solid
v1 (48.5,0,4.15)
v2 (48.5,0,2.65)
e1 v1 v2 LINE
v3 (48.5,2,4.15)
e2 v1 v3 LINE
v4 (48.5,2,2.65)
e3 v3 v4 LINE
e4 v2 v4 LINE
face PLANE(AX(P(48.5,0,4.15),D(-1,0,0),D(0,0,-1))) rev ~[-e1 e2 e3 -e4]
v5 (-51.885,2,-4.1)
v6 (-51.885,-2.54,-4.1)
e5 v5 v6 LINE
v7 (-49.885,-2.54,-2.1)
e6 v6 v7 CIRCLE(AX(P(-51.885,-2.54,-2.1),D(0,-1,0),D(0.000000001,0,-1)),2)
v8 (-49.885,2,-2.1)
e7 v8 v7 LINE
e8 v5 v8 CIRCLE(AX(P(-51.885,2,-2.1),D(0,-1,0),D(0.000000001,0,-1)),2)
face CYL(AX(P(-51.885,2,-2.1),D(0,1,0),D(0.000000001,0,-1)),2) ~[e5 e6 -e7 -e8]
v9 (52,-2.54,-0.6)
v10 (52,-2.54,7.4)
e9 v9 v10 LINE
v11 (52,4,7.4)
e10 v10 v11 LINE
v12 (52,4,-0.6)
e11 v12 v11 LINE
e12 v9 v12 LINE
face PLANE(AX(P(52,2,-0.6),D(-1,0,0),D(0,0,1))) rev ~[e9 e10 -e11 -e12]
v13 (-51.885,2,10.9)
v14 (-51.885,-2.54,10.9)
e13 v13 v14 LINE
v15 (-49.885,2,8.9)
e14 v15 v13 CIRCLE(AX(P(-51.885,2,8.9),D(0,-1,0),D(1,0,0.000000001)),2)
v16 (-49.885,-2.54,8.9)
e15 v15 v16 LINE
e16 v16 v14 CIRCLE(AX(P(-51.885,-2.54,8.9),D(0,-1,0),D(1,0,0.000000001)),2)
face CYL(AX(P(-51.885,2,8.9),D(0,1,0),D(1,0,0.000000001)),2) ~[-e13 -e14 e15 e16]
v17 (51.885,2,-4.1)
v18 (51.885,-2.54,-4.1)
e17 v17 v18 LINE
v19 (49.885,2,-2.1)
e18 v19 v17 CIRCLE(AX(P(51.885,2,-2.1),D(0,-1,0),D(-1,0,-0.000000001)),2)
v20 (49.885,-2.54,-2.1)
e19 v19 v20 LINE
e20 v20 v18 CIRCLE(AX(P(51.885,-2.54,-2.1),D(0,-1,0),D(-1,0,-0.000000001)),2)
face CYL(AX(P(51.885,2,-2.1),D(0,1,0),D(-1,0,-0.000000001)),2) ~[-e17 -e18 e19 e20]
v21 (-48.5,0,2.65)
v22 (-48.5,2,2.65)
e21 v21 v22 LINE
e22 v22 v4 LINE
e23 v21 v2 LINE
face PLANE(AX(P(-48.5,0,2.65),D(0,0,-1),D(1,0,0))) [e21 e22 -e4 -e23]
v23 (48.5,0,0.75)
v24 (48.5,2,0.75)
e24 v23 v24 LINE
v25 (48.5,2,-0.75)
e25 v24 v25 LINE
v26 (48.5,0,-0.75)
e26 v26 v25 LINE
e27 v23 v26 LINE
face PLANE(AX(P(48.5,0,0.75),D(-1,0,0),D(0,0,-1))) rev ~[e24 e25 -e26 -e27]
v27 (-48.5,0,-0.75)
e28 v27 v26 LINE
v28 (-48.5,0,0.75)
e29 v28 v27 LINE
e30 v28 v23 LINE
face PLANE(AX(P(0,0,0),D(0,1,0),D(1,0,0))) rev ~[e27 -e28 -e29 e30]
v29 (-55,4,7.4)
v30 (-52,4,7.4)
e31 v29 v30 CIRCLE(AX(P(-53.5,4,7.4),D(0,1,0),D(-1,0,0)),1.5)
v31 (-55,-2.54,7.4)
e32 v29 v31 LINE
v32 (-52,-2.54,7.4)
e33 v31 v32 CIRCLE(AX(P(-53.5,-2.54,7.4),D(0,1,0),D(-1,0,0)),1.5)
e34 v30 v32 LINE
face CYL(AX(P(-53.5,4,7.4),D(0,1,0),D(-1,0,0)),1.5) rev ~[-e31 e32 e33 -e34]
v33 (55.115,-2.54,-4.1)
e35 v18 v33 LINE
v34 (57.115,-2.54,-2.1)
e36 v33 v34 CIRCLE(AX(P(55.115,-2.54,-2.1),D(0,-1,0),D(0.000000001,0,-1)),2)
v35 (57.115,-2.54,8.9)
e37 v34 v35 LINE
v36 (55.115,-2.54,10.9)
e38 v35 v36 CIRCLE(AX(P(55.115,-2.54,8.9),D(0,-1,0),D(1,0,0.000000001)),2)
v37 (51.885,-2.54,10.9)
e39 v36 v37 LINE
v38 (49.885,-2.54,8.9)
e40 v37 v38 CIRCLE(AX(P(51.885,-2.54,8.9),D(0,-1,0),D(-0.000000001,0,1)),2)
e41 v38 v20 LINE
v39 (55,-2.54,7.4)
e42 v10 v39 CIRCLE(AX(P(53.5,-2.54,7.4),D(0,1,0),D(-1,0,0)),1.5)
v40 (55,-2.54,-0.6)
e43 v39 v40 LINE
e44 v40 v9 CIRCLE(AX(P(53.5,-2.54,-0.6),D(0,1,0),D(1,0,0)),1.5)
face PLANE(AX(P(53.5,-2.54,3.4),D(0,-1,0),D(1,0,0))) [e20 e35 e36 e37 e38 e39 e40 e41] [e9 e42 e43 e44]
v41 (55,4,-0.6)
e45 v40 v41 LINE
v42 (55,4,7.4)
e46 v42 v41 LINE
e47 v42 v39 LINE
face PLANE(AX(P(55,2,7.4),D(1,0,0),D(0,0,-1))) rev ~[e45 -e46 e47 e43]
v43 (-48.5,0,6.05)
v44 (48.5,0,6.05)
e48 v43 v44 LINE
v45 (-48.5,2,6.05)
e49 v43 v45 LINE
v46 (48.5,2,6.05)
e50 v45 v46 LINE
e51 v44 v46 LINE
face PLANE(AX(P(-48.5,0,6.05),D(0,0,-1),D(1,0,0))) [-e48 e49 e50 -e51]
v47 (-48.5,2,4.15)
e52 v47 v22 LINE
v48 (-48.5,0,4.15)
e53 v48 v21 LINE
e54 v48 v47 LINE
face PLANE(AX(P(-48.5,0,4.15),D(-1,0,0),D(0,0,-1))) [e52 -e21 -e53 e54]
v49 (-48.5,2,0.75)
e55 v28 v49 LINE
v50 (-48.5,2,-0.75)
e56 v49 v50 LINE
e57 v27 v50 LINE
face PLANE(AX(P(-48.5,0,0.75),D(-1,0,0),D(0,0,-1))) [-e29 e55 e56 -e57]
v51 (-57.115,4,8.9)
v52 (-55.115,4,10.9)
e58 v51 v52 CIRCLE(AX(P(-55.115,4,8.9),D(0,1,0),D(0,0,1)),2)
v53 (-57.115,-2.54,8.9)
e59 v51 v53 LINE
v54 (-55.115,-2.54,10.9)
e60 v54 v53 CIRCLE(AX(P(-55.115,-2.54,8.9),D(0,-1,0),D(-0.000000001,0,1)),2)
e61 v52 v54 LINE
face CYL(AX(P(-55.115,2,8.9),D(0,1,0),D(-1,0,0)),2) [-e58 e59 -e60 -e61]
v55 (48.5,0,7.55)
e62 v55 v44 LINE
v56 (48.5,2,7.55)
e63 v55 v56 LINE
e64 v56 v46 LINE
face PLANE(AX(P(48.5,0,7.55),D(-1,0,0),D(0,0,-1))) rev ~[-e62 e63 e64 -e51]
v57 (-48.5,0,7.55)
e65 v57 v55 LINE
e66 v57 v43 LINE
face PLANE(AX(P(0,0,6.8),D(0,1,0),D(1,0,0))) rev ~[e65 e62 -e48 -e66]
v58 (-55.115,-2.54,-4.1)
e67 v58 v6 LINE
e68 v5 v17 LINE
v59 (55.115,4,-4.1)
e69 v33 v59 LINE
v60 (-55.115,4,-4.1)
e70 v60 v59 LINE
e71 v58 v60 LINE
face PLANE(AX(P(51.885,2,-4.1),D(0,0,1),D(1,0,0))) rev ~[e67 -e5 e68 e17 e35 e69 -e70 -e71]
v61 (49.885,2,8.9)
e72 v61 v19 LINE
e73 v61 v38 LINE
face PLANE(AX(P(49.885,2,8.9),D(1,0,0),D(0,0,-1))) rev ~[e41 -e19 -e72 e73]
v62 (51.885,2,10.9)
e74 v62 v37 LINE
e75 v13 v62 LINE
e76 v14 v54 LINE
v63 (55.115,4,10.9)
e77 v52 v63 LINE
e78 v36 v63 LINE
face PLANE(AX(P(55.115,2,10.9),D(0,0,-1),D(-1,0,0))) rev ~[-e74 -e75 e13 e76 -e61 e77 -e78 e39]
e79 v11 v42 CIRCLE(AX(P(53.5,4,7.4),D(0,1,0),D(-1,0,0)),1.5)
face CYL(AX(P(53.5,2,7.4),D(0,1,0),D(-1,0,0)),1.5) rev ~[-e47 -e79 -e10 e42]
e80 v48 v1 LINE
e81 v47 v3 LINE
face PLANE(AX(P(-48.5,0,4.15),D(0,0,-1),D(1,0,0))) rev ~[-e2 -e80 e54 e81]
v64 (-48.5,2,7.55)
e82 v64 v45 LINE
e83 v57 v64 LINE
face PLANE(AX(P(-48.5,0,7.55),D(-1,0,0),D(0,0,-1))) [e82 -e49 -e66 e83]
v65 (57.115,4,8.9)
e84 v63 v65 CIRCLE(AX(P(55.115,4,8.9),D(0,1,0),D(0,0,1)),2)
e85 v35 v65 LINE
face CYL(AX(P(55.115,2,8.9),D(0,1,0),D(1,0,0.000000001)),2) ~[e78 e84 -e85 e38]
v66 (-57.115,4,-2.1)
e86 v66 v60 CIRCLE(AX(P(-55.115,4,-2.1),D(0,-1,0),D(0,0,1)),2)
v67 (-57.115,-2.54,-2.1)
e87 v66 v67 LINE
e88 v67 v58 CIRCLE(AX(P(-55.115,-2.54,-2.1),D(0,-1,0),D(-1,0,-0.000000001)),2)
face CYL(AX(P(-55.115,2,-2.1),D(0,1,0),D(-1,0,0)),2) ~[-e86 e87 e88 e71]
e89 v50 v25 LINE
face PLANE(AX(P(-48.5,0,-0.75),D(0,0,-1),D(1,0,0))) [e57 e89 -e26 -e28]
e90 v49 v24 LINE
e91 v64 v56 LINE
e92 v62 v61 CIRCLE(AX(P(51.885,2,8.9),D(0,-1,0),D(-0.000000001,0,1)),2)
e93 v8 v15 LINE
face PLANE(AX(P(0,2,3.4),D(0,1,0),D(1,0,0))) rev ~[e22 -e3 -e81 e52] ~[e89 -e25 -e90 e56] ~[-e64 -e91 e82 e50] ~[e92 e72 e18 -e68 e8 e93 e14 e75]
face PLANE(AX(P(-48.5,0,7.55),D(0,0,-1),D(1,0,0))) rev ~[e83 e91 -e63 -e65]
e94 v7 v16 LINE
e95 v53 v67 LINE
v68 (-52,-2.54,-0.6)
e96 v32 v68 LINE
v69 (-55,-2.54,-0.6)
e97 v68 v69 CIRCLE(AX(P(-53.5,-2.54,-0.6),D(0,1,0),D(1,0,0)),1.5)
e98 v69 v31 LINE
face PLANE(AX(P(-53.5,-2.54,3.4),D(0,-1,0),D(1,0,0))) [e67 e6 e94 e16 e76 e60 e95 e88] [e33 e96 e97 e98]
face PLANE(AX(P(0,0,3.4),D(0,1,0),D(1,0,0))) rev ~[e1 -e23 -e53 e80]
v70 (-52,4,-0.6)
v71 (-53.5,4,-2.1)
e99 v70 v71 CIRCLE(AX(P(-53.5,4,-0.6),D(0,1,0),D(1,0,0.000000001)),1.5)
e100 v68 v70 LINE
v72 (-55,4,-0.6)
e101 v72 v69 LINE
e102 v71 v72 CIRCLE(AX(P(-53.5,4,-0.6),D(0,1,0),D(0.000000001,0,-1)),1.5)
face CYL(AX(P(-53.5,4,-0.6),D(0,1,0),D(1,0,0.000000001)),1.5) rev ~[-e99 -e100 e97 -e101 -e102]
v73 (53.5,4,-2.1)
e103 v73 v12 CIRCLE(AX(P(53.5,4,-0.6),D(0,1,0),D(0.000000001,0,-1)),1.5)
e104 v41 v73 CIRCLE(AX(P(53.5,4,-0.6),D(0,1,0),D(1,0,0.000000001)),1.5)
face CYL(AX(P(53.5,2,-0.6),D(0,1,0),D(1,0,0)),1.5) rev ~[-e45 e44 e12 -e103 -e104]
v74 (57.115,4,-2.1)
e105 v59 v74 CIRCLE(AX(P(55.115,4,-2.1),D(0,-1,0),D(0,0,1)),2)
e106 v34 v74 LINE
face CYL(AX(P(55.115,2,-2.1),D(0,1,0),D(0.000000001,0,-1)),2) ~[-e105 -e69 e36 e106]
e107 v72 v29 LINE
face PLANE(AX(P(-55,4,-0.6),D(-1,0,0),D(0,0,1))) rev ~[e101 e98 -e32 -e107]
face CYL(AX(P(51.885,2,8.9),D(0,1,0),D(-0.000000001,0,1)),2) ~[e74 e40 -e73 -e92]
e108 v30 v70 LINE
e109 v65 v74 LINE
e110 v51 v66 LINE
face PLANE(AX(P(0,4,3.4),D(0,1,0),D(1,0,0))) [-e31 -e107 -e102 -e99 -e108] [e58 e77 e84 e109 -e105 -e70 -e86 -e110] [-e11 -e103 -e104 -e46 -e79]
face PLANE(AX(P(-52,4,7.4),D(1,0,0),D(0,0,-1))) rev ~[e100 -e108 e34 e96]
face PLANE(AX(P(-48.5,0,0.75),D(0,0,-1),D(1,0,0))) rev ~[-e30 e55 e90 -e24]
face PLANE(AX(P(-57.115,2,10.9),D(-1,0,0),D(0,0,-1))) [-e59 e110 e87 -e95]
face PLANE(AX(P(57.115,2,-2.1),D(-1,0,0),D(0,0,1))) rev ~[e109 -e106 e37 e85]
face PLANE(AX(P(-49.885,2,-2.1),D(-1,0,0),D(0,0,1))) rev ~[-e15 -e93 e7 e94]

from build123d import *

# Parameters (mm, degrees)
SKETCH_1_W          = 97
SKETCH_1_H          = 1.5
EXTRUDE_1_DEPTH     = 2
EXTRUDE_1_2_DEPTH   = 2
EXTRUDE_1_3_DEPTH   = 2
SKETCH_2_W          = 114.23
SKETCH_2_H          = 15
EXTRUDE_2_DEPTH     = 2
CUT_EXTRUDE_1_DEPTH = 10
FILLET_1_R          = 2
EXTRUDE_3_DEPTH     = 4.54


with BuildPart() as part:
    # 草图1 → 凸台-拉伸1 (new body)
    with BuildSketch(Plane(origin=(0, 0, 0), x_dir=(1, 0, 0), z_dir=(0, 1, 0))):
        Rectangle(SKETCH_1_W, SKETCH_1_H)
    extrude(amount=EXTRUDE_1_DEPTH)



with BuildPart() as body_2:
    # 草图1 → Extrude 1 2 (new body)
    with BuildSketch(Plane(origin=(0, 0, 0), x_dir=(1, 0, 0), z_dir=(0, 1, 0))):
        with Locations((0, -3.4)):
            Rectangle(SKETCH_1_W, SKETCH_1_H)
    extrude(amount=EXTRUDE_1_2_DEPTH)


with BuildPart() as body_3:
    # 草图1 → Extrude 1 3 (new body)
    with BuildSketch(Plane(origin=(0, 0, 0), x_dir=(1, 0, 0), z_dir=(0, 1, 0))):
        with Locations((0, -6.8)):
            Rectangle(SKETCH_1_W, SKETCH_1_H)
    extrude(amount=EXTRUDE_1_3_DEPTH)


with BuildPart() as part_1:
    add(part.part)

    add(body_2.part)  # 凸台-拉伸2 merges body 2

    add(body_3.part)  # 凸台-拉伸2 merges body 3
    # 草图2 → 凸台-拉伸2 (add)
    with BuildSketch(Plane(origin=(0, 2, 0), x_dir=(1, 0, 0), z_dir=(0, 1, 0))):
        with Locations((0, -3.4)):
            Rectangle(SKETCH_2_W, SKETCH_2_H)
    extrude(amount=EXTRUDE_2_DEPTH)

    # 草图3 → 切除-拉伸1 (cut)
    with BuildSketch(Plane(origin=(0, 4, 0), x_dir=(1, 0, 0), z_dir=(0, 1, 0))):
        with BuildLine():
            Line((-53.5, 2.1), (-53.5, -3.4))
            Line((-53.5, -3.4), (-52, -3.4))
            Line((-52, -3.4), (-52, 0.6))
            ThreePointArc((-52, 0.6), (-52.439339828, 1.660660172), (-53.5, 2.1))
        make_face()
        with BuildLine():
            Line((-55, 0.6), (-55, -3.4))
            Line((-55, -3.4), (-53.5, -3.4))
            Line((-53.5, -3.4), (-53.5, 2.1))
            ThreePointArc((-53.5, 2.1), (-54.560660172, 1.660660172), (-55, 0.6))
        make_face()
        with BuildLine():
            Line((-53.5, -3.4), (-55, -3.4))
            Line((-55, -3.4), (-55, -7.4))
            ThreePointArc((-55, -7.4), (-53.5, -8.9), (-52, -7.4))
            Line((-52, -7.4), (-52, -3.4))
            Line((-52, -3.4), (-53.5, -3.4))
        make_face()
        with BuildLine():
            Line((53.5, -3.4), (52, -3.4))
            Line((52, -3.4), (52, -7.4))
            ThreePointArc((52, -7.4), (53.5, -8.9), (55, -7.4))
            Line((55, -7.4), (55, -3.4))
            Line((55, -3.4), (53.5, -3.4))
        make_face()
        with BuildLine():
            Line((53.5, 2.1), (53.5, -3.4))
            Line((53.5, -3.4), (55, -3.4))
            Line((55, -3.4), (55, 0.6))
            ThreePointArc((55, 0.6), (54.560660172, 1.660660172), (53.5, 2.1))
        make_face()
        with BuildLine():
            Line((52, 0.6), (52, -3.4))
            Line((52, -3.4), (53.5, -3.4))
            Line((53.5, -3.4), (53.5, 2.1))
            ThreePointArc((53.5, 2.1), (52.439339828, 1.660660172), (52, 0.6))
        make_face()
    extrude(amount=-CUT_EXTRUDE_1_DEPTH, mode=Mode.SUBTRACT)

    # 圆角1
    fillet_1_edges = [part_1.edges().sort_by_distance(p)[0] for p in [
        (57.115, 3, 10.9),
        (57.115, 3, -4.1),
        (-57.115, 3, -4.1),
        (-57.115, 3, 10.9),
    ]]
    fillet(fillet_1_edges, radius=FILLET_1_R)

    # 草图4 → 凸台-拉伸3 (add)
    # profile 1 of 2: a face of its own
    with BuildSketch(Plane.XZ.offset(-2)):
        with BuildLine():
            Line((55.115, 10.9), (51.885, 10.9))
            ThreePointArc((51.885, 10.9), (50.470786438, 10.314213562), (49.885, 8.9))
            Line((49.885, 8.9), (49.885, -2.1))
            ThreePointArc((49.885, -2.1), (50.470786438, -3.514213562), (51.885, -4.1))
            Line((51.885, -4.1), (55.115, -4.1))
            ThreePointArc((55.115, -4.1), (56.529213562, -3.514213562), (57.115, -2.1))
            Line((57.115, -2.1), (57.115, 8.9))
            ThreePointArc((57.115, 8.9), (56.529213562, 10.314213562), (55.115, 10.9))
        make_face()
        with BuildLine():
            Line((55, 7.4), (55, -0.6))
            ThreePointArc((55, -0.6), (53.5, -2.1), (52, -0.6))
            Line((52, -0.6), (52, 7.4))
            ThreePointArc((52, 7.4), (53.5, 8.9), (55, 7.4))
        make_face(mode=Mode.SUBTRACT)
    # profile 2 of 2: a face of its own
    with BuildSketch(Plane.XZ.offset(-2)):
        with BuildLine():
            Line((-49.885, -2.1), (-49.885, 8.9))
            ThreePointArc((-49.885, 8.9), (-50.470786438, 10.314213562), (-51.885, 10.9))
            Line((-51.885, 10.9), (-55.115, 10.9))
            ThreePointArc((-55.115, 10.9), (-56.529213562, 10.314213562), (-57.115, 8.9))
            Line((-57.115, 8.9), (-57.115, -2.1))
            ThreePointArc((-57.115, -2.1), (-56.529213562, -3.514213562), (-55.115, -4.1))
            Line((-55.115, -4.1), (-51.885, -4.1))
            ThreePointArc((-51.885, -4.1), (-50.470786438, -3.514213562), (-49.885, -2.1))
        make_face()
        with BuildLine():
            ThreePointArc((-55, 7.4), (-53.5, 8.9), (-52, 7.4))
            Line((-52, 7.4), (-52, -0.6))
            ThreePointArc((-52, -0.6), (-53.5, -2.1), (-55, -0.6))
            Line((-55, -0.6), (-55, 7.4))
        make_face(mode=Mode.SUBTRACT)
    extrude(amount=EXTRUDE_3_DEPTH)


solid = part_1.part
